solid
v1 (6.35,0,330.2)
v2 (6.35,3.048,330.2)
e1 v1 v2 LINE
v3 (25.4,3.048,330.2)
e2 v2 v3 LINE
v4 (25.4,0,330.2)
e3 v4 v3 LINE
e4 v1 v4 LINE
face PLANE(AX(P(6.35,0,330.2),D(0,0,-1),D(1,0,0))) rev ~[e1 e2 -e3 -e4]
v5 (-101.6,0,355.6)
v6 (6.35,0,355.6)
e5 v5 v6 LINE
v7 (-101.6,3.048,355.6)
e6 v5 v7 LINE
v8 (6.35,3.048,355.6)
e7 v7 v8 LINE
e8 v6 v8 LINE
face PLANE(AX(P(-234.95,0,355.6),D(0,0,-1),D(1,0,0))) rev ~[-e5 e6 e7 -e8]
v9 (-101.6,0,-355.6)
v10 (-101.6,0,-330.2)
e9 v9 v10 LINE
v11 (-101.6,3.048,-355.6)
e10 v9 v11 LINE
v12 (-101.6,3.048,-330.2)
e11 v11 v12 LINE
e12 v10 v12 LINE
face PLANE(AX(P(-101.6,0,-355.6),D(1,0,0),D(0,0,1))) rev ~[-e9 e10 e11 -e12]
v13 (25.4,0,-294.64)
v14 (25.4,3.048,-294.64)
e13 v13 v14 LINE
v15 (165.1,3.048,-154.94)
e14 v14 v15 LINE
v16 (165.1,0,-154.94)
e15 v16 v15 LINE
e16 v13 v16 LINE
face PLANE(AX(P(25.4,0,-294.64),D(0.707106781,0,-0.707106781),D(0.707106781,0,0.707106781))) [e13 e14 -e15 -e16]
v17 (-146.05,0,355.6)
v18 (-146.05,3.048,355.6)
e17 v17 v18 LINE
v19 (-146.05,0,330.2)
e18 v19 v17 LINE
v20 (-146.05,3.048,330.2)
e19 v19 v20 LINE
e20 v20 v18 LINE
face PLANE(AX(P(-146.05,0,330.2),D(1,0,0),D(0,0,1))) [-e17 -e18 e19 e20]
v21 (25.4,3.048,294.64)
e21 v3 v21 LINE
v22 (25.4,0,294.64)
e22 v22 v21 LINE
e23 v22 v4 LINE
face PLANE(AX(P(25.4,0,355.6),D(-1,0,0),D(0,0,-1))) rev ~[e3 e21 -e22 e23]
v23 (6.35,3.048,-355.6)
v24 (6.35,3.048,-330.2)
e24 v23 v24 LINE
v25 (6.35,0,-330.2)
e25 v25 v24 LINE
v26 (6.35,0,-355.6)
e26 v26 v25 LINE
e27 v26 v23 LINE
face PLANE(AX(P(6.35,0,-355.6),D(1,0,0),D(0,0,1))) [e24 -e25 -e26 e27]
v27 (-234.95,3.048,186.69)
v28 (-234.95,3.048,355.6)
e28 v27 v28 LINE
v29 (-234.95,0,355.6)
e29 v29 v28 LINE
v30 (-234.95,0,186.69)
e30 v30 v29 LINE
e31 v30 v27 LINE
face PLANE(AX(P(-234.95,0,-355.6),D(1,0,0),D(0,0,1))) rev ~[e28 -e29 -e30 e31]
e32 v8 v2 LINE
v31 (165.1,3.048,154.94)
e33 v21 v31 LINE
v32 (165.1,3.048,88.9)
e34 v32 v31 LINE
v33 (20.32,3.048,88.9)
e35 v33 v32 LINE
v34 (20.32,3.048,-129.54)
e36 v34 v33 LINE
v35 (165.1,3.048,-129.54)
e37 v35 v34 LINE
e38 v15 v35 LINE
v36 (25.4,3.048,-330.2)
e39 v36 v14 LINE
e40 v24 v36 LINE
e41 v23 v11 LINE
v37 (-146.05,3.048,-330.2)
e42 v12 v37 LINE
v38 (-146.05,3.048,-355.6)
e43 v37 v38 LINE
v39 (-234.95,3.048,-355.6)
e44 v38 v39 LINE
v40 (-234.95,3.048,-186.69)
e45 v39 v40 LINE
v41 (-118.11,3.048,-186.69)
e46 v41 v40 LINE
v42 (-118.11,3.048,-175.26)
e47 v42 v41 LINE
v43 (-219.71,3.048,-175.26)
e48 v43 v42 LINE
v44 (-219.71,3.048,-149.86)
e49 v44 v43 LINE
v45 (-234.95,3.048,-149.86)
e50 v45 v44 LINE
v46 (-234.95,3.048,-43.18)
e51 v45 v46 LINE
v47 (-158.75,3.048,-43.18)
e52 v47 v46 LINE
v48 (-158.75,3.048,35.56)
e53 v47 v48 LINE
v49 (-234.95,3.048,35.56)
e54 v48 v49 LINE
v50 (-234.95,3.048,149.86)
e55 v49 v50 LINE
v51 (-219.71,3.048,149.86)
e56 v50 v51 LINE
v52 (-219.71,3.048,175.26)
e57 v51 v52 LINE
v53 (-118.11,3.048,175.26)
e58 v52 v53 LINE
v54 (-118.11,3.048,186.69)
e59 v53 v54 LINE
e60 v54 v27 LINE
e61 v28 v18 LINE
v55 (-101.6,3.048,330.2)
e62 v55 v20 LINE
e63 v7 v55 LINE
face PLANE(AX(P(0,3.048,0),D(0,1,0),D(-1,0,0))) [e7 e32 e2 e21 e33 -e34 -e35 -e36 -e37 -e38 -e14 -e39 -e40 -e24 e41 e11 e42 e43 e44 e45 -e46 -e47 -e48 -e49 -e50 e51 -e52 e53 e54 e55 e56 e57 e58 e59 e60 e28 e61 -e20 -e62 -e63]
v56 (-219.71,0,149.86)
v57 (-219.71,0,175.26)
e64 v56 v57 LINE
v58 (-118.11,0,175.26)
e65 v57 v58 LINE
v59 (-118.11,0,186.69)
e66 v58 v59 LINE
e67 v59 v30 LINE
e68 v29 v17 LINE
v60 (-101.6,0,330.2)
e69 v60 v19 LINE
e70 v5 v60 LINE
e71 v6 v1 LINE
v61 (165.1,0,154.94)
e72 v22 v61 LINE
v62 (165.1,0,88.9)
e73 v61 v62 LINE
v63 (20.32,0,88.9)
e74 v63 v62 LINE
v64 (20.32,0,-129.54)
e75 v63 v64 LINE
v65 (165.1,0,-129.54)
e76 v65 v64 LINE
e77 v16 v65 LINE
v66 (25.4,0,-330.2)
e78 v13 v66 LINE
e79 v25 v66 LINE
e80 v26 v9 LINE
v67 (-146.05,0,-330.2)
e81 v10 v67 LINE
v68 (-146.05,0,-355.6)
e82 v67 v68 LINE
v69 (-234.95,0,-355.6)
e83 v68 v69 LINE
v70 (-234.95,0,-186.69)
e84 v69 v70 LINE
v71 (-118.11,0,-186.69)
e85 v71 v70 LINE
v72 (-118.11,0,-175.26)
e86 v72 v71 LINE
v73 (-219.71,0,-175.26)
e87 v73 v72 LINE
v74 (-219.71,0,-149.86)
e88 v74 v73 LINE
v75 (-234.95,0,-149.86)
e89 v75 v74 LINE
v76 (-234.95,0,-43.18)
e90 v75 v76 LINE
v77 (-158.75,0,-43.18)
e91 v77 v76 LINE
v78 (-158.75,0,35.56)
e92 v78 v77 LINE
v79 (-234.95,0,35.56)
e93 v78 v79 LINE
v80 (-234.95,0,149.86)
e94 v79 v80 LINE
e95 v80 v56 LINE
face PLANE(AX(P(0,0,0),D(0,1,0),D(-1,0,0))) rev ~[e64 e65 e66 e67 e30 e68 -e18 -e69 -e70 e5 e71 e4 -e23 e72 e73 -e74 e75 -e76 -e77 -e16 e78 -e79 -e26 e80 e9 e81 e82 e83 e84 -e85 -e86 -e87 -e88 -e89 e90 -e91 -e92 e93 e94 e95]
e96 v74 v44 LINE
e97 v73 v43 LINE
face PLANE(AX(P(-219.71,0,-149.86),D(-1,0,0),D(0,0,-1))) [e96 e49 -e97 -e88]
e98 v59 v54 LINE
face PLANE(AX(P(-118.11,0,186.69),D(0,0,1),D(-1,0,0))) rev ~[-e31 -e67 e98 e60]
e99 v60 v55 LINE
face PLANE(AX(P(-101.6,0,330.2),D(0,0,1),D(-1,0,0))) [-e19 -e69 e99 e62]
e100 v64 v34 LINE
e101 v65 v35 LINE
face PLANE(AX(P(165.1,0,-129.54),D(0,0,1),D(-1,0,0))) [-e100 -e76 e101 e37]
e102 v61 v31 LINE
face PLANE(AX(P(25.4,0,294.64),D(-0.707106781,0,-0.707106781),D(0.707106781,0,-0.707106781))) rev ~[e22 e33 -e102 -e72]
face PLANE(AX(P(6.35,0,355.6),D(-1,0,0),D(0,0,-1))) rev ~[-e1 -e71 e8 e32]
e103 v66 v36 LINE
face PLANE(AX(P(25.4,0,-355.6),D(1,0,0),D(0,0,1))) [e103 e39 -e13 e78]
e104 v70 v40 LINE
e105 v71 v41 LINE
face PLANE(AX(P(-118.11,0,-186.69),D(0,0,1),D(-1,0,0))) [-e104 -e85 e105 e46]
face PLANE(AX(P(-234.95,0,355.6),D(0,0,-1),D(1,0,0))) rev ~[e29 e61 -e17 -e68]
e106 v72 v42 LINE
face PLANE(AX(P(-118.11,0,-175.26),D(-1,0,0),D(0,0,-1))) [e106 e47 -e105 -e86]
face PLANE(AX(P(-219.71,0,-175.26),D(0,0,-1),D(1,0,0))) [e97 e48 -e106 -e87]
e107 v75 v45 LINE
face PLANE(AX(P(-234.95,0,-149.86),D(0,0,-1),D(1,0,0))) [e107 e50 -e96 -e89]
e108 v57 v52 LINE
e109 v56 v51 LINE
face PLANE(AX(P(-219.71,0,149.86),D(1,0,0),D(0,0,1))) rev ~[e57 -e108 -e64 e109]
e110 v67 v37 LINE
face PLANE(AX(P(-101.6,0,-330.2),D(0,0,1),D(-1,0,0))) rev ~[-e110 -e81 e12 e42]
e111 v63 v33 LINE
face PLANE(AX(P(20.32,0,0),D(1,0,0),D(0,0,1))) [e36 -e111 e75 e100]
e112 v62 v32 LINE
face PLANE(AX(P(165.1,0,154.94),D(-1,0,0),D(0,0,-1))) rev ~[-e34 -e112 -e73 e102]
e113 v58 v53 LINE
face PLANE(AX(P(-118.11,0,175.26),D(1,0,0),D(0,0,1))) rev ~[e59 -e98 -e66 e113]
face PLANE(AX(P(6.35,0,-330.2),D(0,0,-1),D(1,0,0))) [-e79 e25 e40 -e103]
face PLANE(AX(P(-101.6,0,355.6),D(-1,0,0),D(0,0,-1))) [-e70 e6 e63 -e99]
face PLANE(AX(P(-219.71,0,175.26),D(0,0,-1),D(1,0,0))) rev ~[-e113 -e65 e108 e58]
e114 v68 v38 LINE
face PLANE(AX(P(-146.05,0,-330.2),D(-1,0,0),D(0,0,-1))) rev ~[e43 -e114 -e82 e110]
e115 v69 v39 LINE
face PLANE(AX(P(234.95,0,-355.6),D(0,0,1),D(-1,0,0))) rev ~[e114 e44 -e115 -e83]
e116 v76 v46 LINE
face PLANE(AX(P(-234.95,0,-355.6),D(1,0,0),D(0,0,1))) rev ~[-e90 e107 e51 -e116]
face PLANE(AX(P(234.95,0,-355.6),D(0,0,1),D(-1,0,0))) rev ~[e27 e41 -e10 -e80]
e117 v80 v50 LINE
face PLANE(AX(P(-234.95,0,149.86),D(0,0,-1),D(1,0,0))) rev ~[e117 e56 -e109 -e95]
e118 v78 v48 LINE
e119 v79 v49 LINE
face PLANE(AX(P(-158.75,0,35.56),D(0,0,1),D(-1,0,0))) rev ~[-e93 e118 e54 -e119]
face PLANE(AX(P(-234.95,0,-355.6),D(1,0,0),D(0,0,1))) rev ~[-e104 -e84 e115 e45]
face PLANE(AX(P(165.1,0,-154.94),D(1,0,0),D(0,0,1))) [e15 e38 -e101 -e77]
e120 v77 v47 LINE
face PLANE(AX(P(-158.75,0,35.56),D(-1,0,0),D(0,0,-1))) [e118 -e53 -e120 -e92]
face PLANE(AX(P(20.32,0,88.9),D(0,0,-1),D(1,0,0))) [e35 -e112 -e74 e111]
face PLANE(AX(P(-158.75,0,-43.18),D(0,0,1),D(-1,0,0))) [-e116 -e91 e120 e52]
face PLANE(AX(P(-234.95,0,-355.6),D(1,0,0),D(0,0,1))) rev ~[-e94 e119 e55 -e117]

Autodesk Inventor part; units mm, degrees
ref_plane "YZ Plane" through (0, 0, 0) normal (1, 0, 0) x (0, 1, 0)
ref_plane "XZ Plane" through (0, 0, 0) normal (0, 1, 0) x (-1, 0, 0)
ref_plane "XY Plane" through (0, 0, 0) normal (0, 0, 1) x (1, 0, 0)
sketch "Sketch1" plane through (0, 0, 0) normal (0, 1, 0) x (-1, 0, 0)
  line L0 (234.95, 355.6) -> (-234.95, 355.6)
  line L1 (-234.95, 355.6) -> (-234.95, -355.6)
  line L2 (-234.95, -355.6) -> (234.95, -355.6)
  line L3 (234.95, -355.6) -> (234.95, 355.6)
  line L4 (234.95, 355.6) -> (-234.95, -355.6) construction
  line L5 (-234.95, 355.6) -> (234.95, -355.6) construction
  point P0 (0, 0)
  dimension "d0" = 469.9
  dimension "d1" = 711.2
extrude "Plate1" add sketch "Sketch1" along normal blind 3.048
sketch "Sketch3" plane through (0, 3.048, 0) normal (0, 1, 0) x (1, 0, 0)
  line L0 (234.95, -355.6) -> (-234.95, -355.6) projected
  point P0 (0, 0)
sketch "Sketch4" plane through (0, 0, 0) normal (0, -1, 0) x (1, 0, 0)
  line L0 (-234.95, 355.6) -> (234.95, 355.6) projected
  line L1 (-234.95, -355.6) -> (-234.95, 355.6) projected
  line L2 (234.95, -355.6) -> (-234.95, -355.6) projected
  line L3 (234.95, 355.6) -> (234.95, -355.6) projected
  line L4 (-234.95, 355.6) -> (234.95, 355.6) projected
  line L5 (25.4, 355.6) -> (25.4, 294.64)
  line L6 (165.1, 101.6) -> (234.95, 101.6)
  line L7 (234.95, 355.6) -> (234.95, -355.6) projected
  line L8 (25.4, 294.64) -> (165.1, 154.94)
  line L9 (25.4, 294.64) -> (222.9656, 294.64) construction
  line L10 (165.1, 154.94) -> (165.1, 101.6)
  line L11 (234.95, 0) -> (-234.95, 0)
  line L12 (-234.95, -355.6) -> (-234.95, 355.6) projected
  line L13 (25.4, -355.6) -> (25.4, -294.64)
  line L14 (165.1, -127) -> (234.95, -127)
  line L15 (25.4, -294.64) -> (165.1, -154.94)
  line L16 (25.4, -294.64) -> (222.9656, -294.64) construction
  line L17 (165.1, -154.94) -> (165.1, -127)
  line L18 (-234.95, 184.15) -> (-120.65, 184.15)
  line L19 (-120.65, 184.15) -> (-120.65, 177.8)
  line L20 (-120.65, 177.8) -> (-222.25, 177.8)
  line L21 (-222.25, 177.8) -> (-222.25, 152.4)
  line L22 (-222.25, 152.4) -> (-234.95, 152.4)
  line L23 (-234.95, 149.86) -> (-219.71, 149.86)
  line L24 (-219.71, 149.86) -> (-219.71, 175.26)
  line L25 (-219.71, 175.26) -> (-118.11, 175.26)
  line L26 (-118.11, 175.26) -> (-118.11, 186.69)
  line L27 (-118.11, 186.69) -> (-234.95, 186.69)
  line L28 (165.1, -129.54) -> (20.32, -129.54)
  line L29 (20.32, -129.54) -> (20.32, 88.9)
  line L30 (20.32, 88.9) -> (165.1, 88.9)
  line L31 (165.1, 101.6) -> (165.1, 88.9)
  line L32 (-234.95, -184.15) -> (-120.65, -184.15)
  line L33 (-120.65, -184.15) -> (-120.65, -177.8)
  line L34 (-120.65, -177.8) -> (-222.25, -177.8)
  line L35 (-222.25, -177.8) -> (-222.25, -152.4)
  line L36 (-222.25, -152.4) -> (-234.95, -152.4)
  line L37 (-234.95, -149.86) -> (-219.71, -149.86)
  line L38 (-219.71, -149.86) -> (-219.71, -175.26)
  line L39 (-219.71, -175.26) -> (-118.11, -175.26)
  line L40 (-118.11, -175.26) -> (-118.11, -186.69)
  line L41 (-118.11, -186.69) -> (-234.95, -186.69)
  line L42 (-158.75, 35.56) -> (-158.75, -43.18)
  line L43 (-158.75, -43.18) -> (-234.95, -43.18)
  line L44 (-158.75, 35.56) -> (-234.95, 35.56)
  line L45 (25.4, 330.2) -> (6.35, 330.2)
  line L46 (6.35, 330.2) -> (6.35, 355.6)
  line L47 (25.4, -330.2) -> (6.35, -330.2)
  line L48 (6.35, -330.2) -> (6.35, -355.6)
  line L49 (234.95, -355.6) -> (-234.95, -355.6) projected
  point P0 (0, 0)
  dimension "d3" = 209.55
  dimension "d4" = 254
  dimension "d5" = 45
  dimension "d6" = 60.96
  dimension "d9" = 69.85
  dimension "d12" = 45
  dimension "d13" = 209.55
  dimension "d14" = 228.6
  dimension "d15" = 69.85
  dimension "d16" = 60.96
  dimension "d17" = 171.45
  dimension "d18" = 114.3
  dimension "d19" = 6.35
  dimension "d21" = 101.6
  dimension "d22" = 25.4
  dimension "d23" = 2.54
  dimension "d26" = 144.78
  dimension "d31" = 12.7
  dimension "d32" = 114.3
  dimension "d33" = 171.45
  dimension "d34" = 6.35
  dimension "d35" = 101.6
  dimension "d36" = 25.4
  dimension "d37" = 2.54
  dimension "d38" = 76.2
  dimension "d39" = 35.56
  dimension "d40" = 43.18
  dimension "d41" = 2.54
  dimension "d42" = 25.4
  dimension "d43" = 19.05
  dimension "d44" = 25.4
  dimension "d45" = 19.05
extrude "Cut1" cut sketch "Sketch4" against normal blind 3.048 contours L27 L26 L25 L24 L23 L1 L22 L21 L20 L19 L18 | L0 L3 L6 L10 L8 L5 | L18 L19 L20 L21 L22 L1 | L3 L11 L29 L30 L31 L6 | L3 L14 L17 L28 L29 L11 | L44 L42 L11 L1 | L3 L2 L13 L15 L17 L14 | L11 L42 L43 L1 | L37 L38 L39 L40 L41 L1 L32 L33 L34 L35 L36 | L36 L35 L34 L33 L32 L1
sketch "Sketch5" plane through (0, 0, 0) normal (0, -1, 0) x (1, 0, 0)
  line L0 (25.4, 355.6) -> (25.4, 294.64) projected
  line L1 (25.4, 294.64) -> (165.1, 154.94) projected
  line L2 (165.1, 154.94) -> (165.1, 88.9) projected
  line L3 (165.1, 88.9) -> (20.32, 88.9) projected
  line L4 (20.32, 88.9) -> (20.32, -129.54) projected
  line L5 (20.32, -129.54) -> (165.1, -129.54) projected
  line L6 (165.1, -129.54) -> (165.1, -154.94) projected
  line L7 (165.1, -154.94) -> (25.4, -294.64) projected
  line L8 (25.4, -294.64) -> (25.4, -355.6) projected
  line L9 (25.4, -355.6) -> (-234.95, -355.6) projected
  line L10 (-234.95, -355.6) -> (-234.95, -186.69) projected
  line L11 (-234.95, -186.69) -> (-118.11, -186.69) projected
  line L12 (-118.11, -186.69) -> (-118.11, -175.26) projected
  line L13 (-118.11, -175.26) -> (-219.71, -175.26) projected
  line L14 (-219.71, -175.26) -> (-219.71, -149.86) projected
  line L15 (-219.71, -149.86) -> (-234.95, -149.86) projected
  line L16 (-234.95, -149.86) -> (-234.95, -43.18) projected
  line L17 (-234.95, -43.18) -> (-158.75, -43.18) projected
  line L18 (-158.75, -43.18) -> (-158.75, 35.56) projected
  line L19 (-158.75, 35.56) -> (-234.95, 35.56) projected
  line L20 (-234.95, 35.56) -> (-234.95, 149.86) projected
  line L21 (-234.95, 149.86) -> (-219.71, 149.86) projected
  line L22 (-219.71, 149.86) -> (-219.71, 175.26) projected
  line L23 (-219.71, 175.26) -> (-118.11, 175.26) projected
  line L24 (-118.11, 175.26) -> (-118.11, 186.69) projected
  line L25 (-118.11, 186.69) -> (-234.95, 186.69) projected
  line L26 (-234.95, 186.69) -> (-234.95, 355.6) projected
  line L27 (-234.95, 355.6) -> (25.4, 355.6) projected
  line L28 (25.4, -355.6) -> (-234.95, -355.6) projected
  line L29 (25.4, -355.6) -> (6.35, -355.6)
  line L30 (6.35, -355.6) -> (6.35, -330.2)
  line L31 (6.35, -330.2) -> (25.4, -330.2)
  line L32 (25.4, -330.2) -> (25.4, -355.6)
  line L33 (-234.95, 355.6) -> (25.4, 355.6) projected
  line L34 (25.4, 355.6) -> (6.35, 355.6)
  line L35 (6.35, 355.6) -> (6.35, 330.2)
  line L36 (6.35, 330.2) -> (25.4, 330.2)
  line L37 (25.4, 330.2) -> (25.4, 355.6)
  line L38 (-146.05, -355.6) -> (-101.6, -355.6)
  line L39 (-101.6, -355.6) -> (-101.6, -330.2)
  line L40 (-101.6, -330.2) -> (-146.05, -330.2)
  line L41 (-146.05, -330.2) -> (-146.05, -355.6)
  line L42 (-146.05, 355.6) -> (-101.6, 355.6)
  line L43 (-101.6, 355.6) -> (-101.6, 330.2)
  line L44 (-101.6, 330.2) -> (-146.05, 330.2)
  line L45 (-146.05, 330.2) -> (-146.05, 355.6)
  point P0 (0, 0)
  dimension "d46" = 19.05
  dimension "d47" = 25.4
  dimension "d48" = 19.05
  dimension "d49" = 25.4
  dimension "d52" = 44.45
  dimension "d53" = 25.4
  dimension "d54" = 88.9
  dimension "d55" = 44.45
  dimension "d56" = 25.4
  dimension "d57" = 88.9
extrude "Cut2" cut sketch "Sketch5" against normal blind 3.048 contours L0 L36 L35 L27 | L43 L44 L45 L27 | L8 L9 L30 L31 | L9 L41 L40 L39
equation "\"d10\" = Thickness"
equation "\"d2\" = Thickness"
equation "\"BendRadius\" = Thickness"
equation "\"BendReliefWidth\" = Thickness"
equation "\"BendReliefDepth\" = 0.5 * Thickness"
equation "\"CornerReliefSize\" = 4 * Thickness"
equation "\"MinimumRemnant\" = 2 * Thickness"
equation "\"TransitionRadius\" = BendRadius"
equation "\"JacobiRadiusSize\" = BendRadius"
equation "\"GapSize\" = Thickness"
equation "\"Thickness\" = 3.048"
properties part number "DB1-015" material "Polycarbonate, Smoke"
